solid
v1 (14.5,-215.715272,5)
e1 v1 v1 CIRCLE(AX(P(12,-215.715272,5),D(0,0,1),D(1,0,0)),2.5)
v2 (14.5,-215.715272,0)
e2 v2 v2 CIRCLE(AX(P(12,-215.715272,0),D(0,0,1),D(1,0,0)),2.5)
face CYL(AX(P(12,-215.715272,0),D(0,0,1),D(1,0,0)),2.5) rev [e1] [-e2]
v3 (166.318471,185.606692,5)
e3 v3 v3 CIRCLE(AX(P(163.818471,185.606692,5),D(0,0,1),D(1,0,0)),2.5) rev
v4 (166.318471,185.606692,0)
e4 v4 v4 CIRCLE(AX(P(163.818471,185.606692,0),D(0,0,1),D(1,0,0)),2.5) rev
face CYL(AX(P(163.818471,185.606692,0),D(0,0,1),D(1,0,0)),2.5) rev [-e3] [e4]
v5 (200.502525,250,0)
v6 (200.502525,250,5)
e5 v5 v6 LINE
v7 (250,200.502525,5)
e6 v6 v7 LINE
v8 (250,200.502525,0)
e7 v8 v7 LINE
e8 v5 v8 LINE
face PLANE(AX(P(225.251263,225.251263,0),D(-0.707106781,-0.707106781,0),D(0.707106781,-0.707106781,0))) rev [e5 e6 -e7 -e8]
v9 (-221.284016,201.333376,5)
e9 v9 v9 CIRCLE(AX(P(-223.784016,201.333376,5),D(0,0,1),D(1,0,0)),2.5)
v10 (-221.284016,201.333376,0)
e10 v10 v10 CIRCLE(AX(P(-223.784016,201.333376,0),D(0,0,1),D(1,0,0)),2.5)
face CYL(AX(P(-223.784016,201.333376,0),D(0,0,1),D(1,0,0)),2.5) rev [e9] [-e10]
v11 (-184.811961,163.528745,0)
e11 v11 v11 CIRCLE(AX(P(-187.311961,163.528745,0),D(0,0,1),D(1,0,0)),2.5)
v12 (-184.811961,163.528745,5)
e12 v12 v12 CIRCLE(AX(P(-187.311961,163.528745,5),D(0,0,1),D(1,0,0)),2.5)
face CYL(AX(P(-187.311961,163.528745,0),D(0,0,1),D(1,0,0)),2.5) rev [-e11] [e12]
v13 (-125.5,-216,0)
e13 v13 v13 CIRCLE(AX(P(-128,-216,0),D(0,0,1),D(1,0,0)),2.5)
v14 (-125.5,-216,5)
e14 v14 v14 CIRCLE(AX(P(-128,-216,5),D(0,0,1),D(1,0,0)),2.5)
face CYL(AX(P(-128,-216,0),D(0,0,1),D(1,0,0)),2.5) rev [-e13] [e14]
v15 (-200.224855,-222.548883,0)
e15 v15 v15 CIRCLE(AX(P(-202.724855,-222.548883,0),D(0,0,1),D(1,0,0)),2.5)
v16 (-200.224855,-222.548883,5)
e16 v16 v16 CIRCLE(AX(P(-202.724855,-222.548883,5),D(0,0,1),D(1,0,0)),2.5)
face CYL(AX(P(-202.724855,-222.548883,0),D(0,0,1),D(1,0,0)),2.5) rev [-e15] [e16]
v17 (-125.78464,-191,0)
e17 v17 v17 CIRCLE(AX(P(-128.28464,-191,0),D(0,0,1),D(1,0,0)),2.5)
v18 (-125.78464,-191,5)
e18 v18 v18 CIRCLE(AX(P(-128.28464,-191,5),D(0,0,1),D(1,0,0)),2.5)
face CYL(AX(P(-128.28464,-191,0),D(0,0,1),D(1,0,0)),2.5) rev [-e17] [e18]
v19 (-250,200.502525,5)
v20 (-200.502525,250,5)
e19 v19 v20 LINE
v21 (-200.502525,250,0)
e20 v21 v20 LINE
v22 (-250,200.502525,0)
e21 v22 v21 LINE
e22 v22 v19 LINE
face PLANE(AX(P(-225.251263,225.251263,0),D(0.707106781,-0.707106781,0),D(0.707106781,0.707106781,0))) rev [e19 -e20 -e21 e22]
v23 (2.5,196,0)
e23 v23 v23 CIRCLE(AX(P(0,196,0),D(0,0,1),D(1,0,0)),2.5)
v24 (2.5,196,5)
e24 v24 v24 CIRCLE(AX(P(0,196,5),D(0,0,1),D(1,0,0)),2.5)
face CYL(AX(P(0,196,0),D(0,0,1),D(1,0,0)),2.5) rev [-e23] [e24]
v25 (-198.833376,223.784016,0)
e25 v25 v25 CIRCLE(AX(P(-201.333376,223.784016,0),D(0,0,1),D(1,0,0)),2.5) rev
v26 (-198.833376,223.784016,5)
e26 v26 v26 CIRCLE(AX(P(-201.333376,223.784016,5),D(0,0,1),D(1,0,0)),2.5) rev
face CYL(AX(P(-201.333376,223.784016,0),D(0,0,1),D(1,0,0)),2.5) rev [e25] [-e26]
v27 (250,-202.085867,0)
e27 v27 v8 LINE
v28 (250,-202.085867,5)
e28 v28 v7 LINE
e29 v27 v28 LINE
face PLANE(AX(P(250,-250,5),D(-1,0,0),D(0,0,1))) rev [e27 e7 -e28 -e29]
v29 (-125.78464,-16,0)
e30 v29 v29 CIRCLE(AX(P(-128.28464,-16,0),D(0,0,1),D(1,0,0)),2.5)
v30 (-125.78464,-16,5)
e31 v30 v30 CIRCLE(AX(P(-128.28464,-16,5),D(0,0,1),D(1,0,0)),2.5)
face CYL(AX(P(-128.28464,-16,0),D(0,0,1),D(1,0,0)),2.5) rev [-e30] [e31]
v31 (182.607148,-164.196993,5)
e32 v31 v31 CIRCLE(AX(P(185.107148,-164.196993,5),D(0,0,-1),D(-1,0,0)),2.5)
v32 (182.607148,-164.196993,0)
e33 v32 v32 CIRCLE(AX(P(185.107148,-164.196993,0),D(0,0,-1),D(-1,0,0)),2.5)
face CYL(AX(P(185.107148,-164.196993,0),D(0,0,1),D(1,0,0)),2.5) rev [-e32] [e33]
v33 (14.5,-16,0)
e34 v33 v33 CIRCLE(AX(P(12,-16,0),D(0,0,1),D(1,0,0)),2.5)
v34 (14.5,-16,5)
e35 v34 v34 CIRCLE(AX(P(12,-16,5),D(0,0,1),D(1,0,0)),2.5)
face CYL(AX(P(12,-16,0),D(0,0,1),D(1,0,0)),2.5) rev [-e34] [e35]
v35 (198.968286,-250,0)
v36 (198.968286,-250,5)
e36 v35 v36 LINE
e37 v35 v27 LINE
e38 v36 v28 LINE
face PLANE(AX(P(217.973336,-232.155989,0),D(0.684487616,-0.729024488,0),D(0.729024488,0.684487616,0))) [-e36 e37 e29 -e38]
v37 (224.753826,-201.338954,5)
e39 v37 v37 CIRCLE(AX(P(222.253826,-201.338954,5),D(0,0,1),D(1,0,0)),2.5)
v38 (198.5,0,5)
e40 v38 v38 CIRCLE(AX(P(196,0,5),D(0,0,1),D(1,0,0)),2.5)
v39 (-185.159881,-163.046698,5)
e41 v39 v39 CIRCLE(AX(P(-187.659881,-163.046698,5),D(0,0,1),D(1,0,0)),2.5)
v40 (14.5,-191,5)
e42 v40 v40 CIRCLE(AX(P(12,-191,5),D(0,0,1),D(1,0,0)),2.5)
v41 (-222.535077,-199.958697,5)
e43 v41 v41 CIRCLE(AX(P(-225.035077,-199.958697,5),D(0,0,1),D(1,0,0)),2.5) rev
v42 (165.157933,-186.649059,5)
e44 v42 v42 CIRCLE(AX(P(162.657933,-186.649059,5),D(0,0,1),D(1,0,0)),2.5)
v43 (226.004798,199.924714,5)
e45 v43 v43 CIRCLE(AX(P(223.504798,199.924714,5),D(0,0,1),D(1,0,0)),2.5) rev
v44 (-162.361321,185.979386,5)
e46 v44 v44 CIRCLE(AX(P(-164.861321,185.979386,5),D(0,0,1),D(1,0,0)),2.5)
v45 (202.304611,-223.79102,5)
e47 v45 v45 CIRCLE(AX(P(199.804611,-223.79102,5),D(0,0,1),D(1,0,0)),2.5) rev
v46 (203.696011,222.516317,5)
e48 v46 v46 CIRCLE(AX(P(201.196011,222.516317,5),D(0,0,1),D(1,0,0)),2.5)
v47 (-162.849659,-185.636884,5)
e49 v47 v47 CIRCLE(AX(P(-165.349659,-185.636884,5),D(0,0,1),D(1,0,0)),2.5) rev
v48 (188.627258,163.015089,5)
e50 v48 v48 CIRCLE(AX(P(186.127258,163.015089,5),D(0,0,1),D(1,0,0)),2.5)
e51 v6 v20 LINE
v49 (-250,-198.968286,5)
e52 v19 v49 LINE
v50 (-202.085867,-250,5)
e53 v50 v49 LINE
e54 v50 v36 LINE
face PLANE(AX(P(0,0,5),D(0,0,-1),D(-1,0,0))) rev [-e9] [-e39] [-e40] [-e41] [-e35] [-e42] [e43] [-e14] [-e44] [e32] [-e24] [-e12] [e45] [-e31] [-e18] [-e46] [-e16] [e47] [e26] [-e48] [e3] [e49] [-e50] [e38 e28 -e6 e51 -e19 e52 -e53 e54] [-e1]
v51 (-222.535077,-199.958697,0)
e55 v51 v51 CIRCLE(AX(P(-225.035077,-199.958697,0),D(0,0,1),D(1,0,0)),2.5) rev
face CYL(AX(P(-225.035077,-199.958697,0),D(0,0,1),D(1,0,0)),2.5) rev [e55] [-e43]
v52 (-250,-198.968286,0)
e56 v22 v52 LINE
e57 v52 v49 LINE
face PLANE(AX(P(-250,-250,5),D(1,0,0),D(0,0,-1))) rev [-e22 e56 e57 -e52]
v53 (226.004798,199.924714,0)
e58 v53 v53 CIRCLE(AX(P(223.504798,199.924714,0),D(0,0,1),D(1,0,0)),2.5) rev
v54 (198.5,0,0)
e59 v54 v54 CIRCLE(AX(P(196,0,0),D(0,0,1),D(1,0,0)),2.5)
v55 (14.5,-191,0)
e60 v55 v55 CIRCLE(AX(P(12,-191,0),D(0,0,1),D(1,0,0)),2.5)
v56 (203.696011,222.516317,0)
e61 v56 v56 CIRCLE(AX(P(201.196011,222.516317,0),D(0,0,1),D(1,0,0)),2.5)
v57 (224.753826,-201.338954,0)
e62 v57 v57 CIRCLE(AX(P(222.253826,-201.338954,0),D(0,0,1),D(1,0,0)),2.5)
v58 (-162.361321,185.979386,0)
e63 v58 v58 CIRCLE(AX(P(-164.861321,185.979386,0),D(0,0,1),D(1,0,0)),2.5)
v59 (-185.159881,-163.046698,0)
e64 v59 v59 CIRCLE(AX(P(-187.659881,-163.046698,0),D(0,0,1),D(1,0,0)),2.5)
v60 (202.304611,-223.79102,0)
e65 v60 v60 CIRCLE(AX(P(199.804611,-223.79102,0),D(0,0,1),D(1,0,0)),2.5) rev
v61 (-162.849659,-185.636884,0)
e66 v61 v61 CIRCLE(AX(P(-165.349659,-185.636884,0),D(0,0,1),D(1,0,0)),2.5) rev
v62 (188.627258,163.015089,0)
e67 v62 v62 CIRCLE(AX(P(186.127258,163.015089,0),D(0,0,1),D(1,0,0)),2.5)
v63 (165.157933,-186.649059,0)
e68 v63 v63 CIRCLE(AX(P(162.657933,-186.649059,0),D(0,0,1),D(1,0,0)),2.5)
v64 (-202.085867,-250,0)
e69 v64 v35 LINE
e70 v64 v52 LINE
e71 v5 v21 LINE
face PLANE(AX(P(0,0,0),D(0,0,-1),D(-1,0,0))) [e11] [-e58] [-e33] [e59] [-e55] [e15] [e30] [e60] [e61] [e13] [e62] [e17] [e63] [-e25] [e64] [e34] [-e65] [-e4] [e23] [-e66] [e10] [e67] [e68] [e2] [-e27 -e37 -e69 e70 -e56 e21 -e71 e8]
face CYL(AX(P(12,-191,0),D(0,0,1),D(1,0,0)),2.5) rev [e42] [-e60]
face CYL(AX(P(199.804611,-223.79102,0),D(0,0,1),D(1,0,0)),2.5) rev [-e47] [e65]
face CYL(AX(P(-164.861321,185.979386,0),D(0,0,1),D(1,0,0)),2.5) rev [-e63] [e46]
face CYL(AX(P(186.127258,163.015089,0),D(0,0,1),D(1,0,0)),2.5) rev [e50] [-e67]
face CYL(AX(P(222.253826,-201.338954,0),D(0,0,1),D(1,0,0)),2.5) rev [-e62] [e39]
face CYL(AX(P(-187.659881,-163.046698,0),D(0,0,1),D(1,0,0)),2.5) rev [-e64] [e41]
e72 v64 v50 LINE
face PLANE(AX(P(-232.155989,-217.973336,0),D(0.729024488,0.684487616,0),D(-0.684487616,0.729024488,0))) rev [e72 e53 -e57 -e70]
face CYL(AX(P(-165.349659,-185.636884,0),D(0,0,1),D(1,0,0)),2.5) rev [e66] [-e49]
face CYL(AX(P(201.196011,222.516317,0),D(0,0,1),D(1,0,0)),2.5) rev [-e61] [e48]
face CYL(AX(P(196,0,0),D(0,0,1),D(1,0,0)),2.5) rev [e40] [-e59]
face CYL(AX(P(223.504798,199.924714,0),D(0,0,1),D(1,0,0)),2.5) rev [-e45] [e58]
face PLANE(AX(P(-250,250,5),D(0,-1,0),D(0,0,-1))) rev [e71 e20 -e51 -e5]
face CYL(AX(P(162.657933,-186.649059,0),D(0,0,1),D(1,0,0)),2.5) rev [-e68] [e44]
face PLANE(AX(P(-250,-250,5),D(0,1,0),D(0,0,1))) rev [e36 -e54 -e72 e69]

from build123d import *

# Parameters (mm, degrees)
SKETCH2_W           = 500
SKETCH2_H           = 500
BOSS_EXTRUDE1_DEPTH = 5
CUT_EXTRUDE1_DEPTH  = 5
SKETCH4_R           = 2.5
CUT_EXTRUDE4_DEPTH  = 6
SKETCH6_R           = 2.5
CUT_EXTRUDE5_DEPTH  = 6
SKETCH6_3_R         = 2.5
CUT_EXTRUDE6_DEPTH  = 6
SKETCH7_R           = 2.5
CUT_EXTRUDE7_DEPTH  = 6


with BuildPart() as part:
    # Sketch2 → Boss-Extrude1 (new body)
    with BuildSketch(Plane.XY):
        Rectangle(SKETCH2_W, SKETCH2_H)
    extrude(amount=BOSS_EXTRUDE1_DEPTH)

    # Sketch3 → Cut-Extrude1 (cut)
    with BuildSketch(Plane.XY.offset(5)):
        Polygon((-250, 250), (-250, 200.502525317), (-200.502525317, 250), align=None)
        Polygon((250, 250), (200.502525317, 250), (250, 200.502525317), align=None)
        Polygon((250, -202.085866883), (198.968285864, -250), (250, -250), align=None)
        Polygon((-202.085866883, -250), (-250, -198.968285864), (-250, -250), align=None)
    extrude(amount=-CUT_EXTRUDE1_DEPTH, mode=Mode.SUBTRACT)

    # Sketch4 → Cut-Extrude4 (cut, through all)
    with BuildSketch(Plane.XY.offset(5)):
        with Locations((-223.784016088, 201.333375785)):
            Circle(SKETCH4_R)
        with Locations((-201.333375785, 223.784016088)):
            Circle(SKETCH4_R)
        with Locations((-187.311960925, 163.528745219)):
            Circle(SKETCH4_R)
        with Locations((201.196010764, 222.516316525)):
            Circle(SKETCH4_R)
        with Locations((223.504797991, 199.924713826)):
            Circle(SKETCH4_R)
        with Locations((163.81847093, 185.606691548)):
            Circle(SKETCH4_R)
        with Locations((199.804611485, -223.79101951)):
            Circle(SKETCH4_R)
        with Locations((222.253825998, -201.338953508)):
            Circle(SKETCH4_R)
        with Locations((-187.65988085, -163.046698367)):
            Circle(SKETCH4_R)
        with Locations((-165.349658973, -185.636884284)):
            Circle(SKETCH4_R)
        with Locations((-225.035076637, -199.958696957)):
            Circle(SKETCH4_R)
        with Locations((-202.724854759, -222.548882874)):
            Circle(SKETCH4_R)
        with Locations((-164.861320622, 185.979385522)):
            Circle(SKETCH4_R)
        with Locations((186.127258156, 163.01508885)):
            Circle(SKETCH4_R)
        with Locations((185.10714798, -164.196993245)):
            Circle(SKETCH4_R)
        with Locations((162.657933466, -186.649059247)):
            Circle(SKETCH4_R)
    extrude(amount=-CUT_EXTRUDE4_DEPTH, mode=Mode.SUBTRACT)

    # Sketch6 → Cut-Extrude5 (cut, through all)
    with BuildSketch(Plane.XY.offset(5)):
        with Locations((-128, -216)):
            Circle(SKETCH6_R)
        with Locations((-128.2846398, -191)):
            Circle(SKETCH6_R)
        with Locations((-128.2846398, -16)):
            Circle(SKETCH6_R)
    extrude(amount=-CUT_EXTRUDE5_DEPTH, mode=Mode.SUBTRACT)

    # Sketch6<3> → Cut-Extrude6 (cut, through all)
    with BuildSketch(Plane.XY.offset(5)):
        with Locations((12, -215.71527189)):
            Circle(SKETCH6_3_R)
        with Locations((12, -191)):
            Circle(SKETCH6_3_R)
        with Locations((12, -16)):
            Circle(SKETCH6_3_R)
    extrude(amount=-CUT_EXTRUDE6_DEPTH, mode=Mode.SUBTRACT)

    # Sketch7 → Cut-Extrude7 (cut, through all)
    with BuildSketch(Plane.XY.offset(5)):
        with Locations((0, 196)):
            Circle(SKETCH7_R)
        with Locations((196, 0)):
            Circle(SKETCH7_R)
    extrude(amount=-CUT_EXTRUDE7_DEPTH, mode=Mode.SUBTRACT)


solid = part.part
